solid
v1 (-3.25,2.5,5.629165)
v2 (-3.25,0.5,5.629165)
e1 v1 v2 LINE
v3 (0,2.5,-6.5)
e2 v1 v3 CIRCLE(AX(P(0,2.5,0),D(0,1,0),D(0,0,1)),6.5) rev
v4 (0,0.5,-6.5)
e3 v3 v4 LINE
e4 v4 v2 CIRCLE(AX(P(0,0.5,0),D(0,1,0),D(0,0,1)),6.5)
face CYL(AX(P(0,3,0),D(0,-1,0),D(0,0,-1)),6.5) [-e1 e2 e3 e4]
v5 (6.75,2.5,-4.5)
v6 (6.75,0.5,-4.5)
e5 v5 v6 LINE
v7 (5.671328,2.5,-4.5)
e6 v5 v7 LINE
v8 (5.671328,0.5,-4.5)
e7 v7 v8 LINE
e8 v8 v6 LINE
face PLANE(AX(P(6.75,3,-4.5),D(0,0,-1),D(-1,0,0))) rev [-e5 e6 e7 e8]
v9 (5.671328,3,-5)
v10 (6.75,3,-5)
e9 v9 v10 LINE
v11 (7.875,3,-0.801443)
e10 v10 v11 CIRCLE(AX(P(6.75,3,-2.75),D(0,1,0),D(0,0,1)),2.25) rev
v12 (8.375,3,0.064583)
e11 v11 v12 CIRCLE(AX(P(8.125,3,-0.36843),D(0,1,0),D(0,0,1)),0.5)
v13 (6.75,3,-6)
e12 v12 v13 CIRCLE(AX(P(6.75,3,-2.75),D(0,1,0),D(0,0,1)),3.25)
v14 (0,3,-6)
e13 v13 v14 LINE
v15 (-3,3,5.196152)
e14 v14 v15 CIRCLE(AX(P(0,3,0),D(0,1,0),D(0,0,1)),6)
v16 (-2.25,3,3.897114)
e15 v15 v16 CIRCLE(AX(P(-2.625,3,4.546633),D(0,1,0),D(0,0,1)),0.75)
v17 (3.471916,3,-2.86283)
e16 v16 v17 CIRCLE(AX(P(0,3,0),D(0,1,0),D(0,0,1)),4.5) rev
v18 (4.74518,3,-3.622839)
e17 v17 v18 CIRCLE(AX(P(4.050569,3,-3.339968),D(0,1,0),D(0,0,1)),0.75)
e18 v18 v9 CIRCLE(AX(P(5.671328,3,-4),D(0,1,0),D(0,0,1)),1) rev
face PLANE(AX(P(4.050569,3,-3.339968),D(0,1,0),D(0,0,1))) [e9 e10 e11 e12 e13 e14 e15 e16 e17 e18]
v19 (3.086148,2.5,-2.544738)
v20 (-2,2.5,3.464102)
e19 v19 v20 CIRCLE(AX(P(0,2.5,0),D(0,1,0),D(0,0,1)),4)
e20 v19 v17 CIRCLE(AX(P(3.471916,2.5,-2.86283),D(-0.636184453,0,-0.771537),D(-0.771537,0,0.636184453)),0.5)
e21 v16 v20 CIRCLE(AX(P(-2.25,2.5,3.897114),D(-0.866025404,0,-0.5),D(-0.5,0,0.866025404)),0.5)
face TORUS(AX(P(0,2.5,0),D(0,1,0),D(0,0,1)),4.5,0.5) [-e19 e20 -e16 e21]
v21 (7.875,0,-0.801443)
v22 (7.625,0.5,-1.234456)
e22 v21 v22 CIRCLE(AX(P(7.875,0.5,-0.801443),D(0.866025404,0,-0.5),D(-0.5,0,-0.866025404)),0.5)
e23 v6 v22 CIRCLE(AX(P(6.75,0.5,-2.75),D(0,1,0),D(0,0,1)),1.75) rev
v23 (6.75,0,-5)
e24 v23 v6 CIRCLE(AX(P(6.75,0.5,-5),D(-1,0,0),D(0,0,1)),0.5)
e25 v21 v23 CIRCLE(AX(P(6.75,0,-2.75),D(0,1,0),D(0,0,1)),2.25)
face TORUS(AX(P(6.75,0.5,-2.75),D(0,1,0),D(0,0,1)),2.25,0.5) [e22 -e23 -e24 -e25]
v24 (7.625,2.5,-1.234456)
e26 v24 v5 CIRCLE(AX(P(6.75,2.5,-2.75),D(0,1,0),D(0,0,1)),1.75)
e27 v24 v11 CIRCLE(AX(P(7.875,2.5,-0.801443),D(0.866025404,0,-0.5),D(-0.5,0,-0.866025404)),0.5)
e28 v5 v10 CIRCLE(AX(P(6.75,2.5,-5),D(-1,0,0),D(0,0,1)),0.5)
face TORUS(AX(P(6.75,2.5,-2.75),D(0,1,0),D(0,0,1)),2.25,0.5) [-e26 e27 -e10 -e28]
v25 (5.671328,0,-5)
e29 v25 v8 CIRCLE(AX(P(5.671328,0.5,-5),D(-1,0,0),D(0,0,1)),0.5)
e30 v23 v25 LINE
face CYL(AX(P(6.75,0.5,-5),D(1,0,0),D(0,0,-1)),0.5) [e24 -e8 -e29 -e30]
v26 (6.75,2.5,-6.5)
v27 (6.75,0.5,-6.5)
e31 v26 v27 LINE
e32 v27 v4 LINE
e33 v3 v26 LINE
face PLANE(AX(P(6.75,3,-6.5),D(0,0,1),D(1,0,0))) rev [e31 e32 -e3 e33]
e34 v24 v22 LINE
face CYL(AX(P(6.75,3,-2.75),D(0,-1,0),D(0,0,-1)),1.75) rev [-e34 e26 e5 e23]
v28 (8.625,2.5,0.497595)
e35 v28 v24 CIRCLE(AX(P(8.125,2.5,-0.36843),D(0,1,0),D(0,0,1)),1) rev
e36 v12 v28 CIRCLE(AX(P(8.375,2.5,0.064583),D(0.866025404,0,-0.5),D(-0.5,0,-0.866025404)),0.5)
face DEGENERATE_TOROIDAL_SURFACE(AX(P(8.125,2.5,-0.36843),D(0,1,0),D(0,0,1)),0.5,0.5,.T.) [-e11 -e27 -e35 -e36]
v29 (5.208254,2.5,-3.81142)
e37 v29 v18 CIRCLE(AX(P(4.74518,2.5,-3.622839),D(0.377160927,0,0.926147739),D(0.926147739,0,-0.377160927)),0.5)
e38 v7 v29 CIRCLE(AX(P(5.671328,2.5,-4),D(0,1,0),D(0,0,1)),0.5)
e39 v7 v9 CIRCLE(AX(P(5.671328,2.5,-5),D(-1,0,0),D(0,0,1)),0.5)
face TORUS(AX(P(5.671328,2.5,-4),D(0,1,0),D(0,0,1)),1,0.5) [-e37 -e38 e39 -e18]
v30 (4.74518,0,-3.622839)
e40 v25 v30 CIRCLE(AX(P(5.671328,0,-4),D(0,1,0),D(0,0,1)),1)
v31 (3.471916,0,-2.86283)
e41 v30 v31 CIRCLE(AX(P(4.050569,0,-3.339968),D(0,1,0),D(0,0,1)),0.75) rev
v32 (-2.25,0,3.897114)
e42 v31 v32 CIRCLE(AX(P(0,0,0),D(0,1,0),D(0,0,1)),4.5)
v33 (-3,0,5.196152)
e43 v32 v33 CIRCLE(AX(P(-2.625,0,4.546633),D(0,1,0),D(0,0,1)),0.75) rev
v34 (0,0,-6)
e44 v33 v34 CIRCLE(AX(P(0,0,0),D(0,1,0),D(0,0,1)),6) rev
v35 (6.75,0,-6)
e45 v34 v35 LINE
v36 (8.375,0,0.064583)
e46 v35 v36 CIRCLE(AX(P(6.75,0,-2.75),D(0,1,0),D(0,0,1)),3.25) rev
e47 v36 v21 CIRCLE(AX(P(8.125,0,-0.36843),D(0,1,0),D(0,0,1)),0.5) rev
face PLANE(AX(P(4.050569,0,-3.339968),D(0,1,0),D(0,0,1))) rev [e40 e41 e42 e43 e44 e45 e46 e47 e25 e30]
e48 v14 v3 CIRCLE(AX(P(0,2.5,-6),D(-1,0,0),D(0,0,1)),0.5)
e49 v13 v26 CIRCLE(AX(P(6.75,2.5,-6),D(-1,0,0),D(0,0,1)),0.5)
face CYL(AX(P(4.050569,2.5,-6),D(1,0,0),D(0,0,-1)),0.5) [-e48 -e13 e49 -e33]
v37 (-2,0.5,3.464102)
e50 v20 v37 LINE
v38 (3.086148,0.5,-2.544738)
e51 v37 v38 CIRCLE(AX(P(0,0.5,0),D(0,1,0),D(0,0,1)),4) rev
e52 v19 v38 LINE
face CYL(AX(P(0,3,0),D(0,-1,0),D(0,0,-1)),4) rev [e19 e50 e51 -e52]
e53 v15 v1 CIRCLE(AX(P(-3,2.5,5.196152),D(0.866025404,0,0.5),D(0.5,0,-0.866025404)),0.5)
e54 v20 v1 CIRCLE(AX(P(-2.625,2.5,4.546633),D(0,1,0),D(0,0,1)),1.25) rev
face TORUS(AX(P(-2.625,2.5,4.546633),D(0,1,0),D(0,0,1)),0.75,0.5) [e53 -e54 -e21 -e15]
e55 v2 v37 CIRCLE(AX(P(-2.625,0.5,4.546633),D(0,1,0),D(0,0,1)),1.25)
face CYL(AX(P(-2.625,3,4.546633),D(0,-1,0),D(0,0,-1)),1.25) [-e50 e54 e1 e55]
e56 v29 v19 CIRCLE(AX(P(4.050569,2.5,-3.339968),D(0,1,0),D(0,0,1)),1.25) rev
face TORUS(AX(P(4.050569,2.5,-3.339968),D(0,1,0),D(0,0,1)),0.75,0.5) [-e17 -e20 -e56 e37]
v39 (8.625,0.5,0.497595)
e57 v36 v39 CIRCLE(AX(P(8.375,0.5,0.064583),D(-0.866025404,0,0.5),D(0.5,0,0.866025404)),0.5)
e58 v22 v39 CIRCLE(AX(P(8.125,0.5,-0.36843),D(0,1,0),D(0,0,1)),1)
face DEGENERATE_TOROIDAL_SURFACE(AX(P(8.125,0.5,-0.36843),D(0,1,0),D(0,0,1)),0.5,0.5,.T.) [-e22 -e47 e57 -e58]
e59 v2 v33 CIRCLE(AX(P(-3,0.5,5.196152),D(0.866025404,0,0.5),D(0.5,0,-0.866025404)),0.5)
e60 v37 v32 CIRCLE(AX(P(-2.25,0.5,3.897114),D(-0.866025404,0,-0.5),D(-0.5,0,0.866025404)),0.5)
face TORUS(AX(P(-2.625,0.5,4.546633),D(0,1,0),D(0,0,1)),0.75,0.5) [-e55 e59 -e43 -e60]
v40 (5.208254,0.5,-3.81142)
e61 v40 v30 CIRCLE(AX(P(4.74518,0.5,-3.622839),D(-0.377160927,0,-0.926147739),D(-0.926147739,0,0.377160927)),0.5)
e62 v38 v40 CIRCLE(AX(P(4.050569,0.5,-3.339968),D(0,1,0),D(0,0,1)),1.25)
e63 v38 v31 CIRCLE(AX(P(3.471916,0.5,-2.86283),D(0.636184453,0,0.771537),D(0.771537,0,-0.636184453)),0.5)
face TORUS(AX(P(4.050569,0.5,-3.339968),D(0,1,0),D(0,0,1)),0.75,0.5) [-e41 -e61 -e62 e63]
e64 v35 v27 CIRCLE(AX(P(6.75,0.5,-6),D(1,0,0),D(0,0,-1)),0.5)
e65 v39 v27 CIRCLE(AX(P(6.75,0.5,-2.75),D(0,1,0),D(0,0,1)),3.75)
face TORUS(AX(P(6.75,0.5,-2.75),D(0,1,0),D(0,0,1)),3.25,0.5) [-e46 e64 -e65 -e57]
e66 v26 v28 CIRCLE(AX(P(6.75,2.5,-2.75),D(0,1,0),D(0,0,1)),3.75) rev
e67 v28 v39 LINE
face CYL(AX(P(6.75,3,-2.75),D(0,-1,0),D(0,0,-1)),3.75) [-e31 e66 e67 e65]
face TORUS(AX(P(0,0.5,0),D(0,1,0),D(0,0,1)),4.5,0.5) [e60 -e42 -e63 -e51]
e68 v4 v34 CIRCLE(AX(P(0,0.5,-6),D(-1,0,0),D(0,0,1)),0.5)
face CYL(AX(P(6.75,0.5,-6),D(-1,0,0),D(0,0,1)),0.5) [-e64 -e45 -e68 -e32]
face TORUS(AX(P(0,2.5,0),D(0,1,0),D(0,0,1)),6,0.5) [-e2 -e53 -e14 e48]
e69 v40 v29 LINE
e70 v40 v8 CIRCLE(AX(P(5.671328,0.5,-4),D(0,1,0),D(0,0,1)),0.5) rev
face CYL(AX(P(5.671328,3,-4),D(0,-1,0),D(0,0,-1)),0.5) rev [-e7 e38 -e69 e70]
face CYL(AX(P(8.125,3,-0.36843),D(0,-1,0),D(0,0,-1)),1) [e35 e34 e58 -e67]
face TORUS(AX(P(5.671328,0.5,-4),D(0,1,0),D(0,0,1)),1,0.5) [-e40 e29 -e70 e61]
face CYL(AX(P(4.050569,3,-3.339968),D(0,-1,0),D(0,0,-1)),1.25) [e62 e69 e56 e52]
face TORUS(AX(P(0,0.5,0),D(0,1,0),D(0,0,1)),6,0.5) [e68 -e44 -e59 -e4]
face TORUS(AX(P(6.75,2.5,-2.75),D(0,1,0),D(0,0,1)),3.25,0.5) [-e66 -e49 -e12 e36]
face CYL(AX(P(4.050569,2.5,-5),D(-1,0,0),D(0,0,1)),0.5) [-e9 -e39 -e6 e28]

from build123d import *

# Parameters (mm, degrees)
BOSS_EXTRUDE1_DEPTH = 3
FILLET1_R           = 0.5
FILLET2_R           = 0.5


with BuildPart() as part:
    # Sketch1 → Boss-Extrude1 (new body)
    with BuildSketch(Plane(origin=(0, 0, 0), x_dir=(1, 0, 0), z_dir=(0, 1, 0))):
        with BuildLine():
            Line((6.75, 4.5), (4.69041576, 4.5))
            ThreePointArc((4.69041576, 4.5), (4.856129901, 4.320648376), (5.014990498, 4.135198944))
            ThreePointArc((5.014990498, 4.135198944), (4.845799815, 2.375547128), (3.086147999, 2.544737811))
            ThreePointArc((3.086147999, 2.544737811), (-3.053107791, 2.584285746), (-2, -3.464101615))
            ThreePointArc((-2, -3.464101615), (-1.542468245, -5.17163337), (-3.25, -5.629165125))
            ThreePointArc((-3.25, -5.629165125), (-6.278517871, 1.682323793), (0, 6.5))
            Line((0, 6.5), (6.75, 6.5))
            ThreePointArc((6.75, 6.5), (10.372221849, 3.720571419), (8.625, -0.497595264))
            ThreePointArc((8.625, -0.497595264), (7.258974596, -0.13156986), (7.625, 1.234455543))
            ThreePointArc((7.625, 1.234455543), (8.440370196, 3.202933329), (6.75, 4.5))
        make_face()
    extrude(amount=BOSS_EXTRUDE1_DEPTH)

    # Fillet1
    fillet1_edges = [part.edges().sort_by_distance(p)[0] for p in [
        (4.69041576, 1.5, -4.5),
    ]]
    fillet(fillet1_edges, radius=FILLET1_R)

    # Fillet2
    fillet2_edges = [part.edges().sort_by_distance(p)[0] for p in [
        (-6.278517871, 0, -1.682323793),
        (3.375, 0, -6.5),
        (10.372221849, 0, -3.720571419),
        (7.258974596, 0, 0.13156986),
        (8.440370196, 0, -3.202933329),
        (4.691239473, 0, -2.266636339),
        (8.440370196, 3, -3.202933329),
        (7.258974596, 3, 0.13156986),
        (10.372221849, 3, -3.720571419),
        (3.375, 3, -6.5),
        (-6.278517871, 3, -1.682323793),
        (-1.542468245, 3, 5.17163337),
        (6.210663896, 0, -4.5),
        (6.210663896, 3, -4.5),
        (5.256424049, 0, -4.279024881),
        (5.256424049, 3, -4.279024881),
        (-3.053107791, 3, -2.584285746),
        (4.691239473, 3, -2.266636339),
        (-3.053107791, 0, -2.584285746),
        (-1.542468245, 0, 5.17163337),
    ]]
    fillet(fillet2_edges, radius=FILLET2_R)


solid = part.part
